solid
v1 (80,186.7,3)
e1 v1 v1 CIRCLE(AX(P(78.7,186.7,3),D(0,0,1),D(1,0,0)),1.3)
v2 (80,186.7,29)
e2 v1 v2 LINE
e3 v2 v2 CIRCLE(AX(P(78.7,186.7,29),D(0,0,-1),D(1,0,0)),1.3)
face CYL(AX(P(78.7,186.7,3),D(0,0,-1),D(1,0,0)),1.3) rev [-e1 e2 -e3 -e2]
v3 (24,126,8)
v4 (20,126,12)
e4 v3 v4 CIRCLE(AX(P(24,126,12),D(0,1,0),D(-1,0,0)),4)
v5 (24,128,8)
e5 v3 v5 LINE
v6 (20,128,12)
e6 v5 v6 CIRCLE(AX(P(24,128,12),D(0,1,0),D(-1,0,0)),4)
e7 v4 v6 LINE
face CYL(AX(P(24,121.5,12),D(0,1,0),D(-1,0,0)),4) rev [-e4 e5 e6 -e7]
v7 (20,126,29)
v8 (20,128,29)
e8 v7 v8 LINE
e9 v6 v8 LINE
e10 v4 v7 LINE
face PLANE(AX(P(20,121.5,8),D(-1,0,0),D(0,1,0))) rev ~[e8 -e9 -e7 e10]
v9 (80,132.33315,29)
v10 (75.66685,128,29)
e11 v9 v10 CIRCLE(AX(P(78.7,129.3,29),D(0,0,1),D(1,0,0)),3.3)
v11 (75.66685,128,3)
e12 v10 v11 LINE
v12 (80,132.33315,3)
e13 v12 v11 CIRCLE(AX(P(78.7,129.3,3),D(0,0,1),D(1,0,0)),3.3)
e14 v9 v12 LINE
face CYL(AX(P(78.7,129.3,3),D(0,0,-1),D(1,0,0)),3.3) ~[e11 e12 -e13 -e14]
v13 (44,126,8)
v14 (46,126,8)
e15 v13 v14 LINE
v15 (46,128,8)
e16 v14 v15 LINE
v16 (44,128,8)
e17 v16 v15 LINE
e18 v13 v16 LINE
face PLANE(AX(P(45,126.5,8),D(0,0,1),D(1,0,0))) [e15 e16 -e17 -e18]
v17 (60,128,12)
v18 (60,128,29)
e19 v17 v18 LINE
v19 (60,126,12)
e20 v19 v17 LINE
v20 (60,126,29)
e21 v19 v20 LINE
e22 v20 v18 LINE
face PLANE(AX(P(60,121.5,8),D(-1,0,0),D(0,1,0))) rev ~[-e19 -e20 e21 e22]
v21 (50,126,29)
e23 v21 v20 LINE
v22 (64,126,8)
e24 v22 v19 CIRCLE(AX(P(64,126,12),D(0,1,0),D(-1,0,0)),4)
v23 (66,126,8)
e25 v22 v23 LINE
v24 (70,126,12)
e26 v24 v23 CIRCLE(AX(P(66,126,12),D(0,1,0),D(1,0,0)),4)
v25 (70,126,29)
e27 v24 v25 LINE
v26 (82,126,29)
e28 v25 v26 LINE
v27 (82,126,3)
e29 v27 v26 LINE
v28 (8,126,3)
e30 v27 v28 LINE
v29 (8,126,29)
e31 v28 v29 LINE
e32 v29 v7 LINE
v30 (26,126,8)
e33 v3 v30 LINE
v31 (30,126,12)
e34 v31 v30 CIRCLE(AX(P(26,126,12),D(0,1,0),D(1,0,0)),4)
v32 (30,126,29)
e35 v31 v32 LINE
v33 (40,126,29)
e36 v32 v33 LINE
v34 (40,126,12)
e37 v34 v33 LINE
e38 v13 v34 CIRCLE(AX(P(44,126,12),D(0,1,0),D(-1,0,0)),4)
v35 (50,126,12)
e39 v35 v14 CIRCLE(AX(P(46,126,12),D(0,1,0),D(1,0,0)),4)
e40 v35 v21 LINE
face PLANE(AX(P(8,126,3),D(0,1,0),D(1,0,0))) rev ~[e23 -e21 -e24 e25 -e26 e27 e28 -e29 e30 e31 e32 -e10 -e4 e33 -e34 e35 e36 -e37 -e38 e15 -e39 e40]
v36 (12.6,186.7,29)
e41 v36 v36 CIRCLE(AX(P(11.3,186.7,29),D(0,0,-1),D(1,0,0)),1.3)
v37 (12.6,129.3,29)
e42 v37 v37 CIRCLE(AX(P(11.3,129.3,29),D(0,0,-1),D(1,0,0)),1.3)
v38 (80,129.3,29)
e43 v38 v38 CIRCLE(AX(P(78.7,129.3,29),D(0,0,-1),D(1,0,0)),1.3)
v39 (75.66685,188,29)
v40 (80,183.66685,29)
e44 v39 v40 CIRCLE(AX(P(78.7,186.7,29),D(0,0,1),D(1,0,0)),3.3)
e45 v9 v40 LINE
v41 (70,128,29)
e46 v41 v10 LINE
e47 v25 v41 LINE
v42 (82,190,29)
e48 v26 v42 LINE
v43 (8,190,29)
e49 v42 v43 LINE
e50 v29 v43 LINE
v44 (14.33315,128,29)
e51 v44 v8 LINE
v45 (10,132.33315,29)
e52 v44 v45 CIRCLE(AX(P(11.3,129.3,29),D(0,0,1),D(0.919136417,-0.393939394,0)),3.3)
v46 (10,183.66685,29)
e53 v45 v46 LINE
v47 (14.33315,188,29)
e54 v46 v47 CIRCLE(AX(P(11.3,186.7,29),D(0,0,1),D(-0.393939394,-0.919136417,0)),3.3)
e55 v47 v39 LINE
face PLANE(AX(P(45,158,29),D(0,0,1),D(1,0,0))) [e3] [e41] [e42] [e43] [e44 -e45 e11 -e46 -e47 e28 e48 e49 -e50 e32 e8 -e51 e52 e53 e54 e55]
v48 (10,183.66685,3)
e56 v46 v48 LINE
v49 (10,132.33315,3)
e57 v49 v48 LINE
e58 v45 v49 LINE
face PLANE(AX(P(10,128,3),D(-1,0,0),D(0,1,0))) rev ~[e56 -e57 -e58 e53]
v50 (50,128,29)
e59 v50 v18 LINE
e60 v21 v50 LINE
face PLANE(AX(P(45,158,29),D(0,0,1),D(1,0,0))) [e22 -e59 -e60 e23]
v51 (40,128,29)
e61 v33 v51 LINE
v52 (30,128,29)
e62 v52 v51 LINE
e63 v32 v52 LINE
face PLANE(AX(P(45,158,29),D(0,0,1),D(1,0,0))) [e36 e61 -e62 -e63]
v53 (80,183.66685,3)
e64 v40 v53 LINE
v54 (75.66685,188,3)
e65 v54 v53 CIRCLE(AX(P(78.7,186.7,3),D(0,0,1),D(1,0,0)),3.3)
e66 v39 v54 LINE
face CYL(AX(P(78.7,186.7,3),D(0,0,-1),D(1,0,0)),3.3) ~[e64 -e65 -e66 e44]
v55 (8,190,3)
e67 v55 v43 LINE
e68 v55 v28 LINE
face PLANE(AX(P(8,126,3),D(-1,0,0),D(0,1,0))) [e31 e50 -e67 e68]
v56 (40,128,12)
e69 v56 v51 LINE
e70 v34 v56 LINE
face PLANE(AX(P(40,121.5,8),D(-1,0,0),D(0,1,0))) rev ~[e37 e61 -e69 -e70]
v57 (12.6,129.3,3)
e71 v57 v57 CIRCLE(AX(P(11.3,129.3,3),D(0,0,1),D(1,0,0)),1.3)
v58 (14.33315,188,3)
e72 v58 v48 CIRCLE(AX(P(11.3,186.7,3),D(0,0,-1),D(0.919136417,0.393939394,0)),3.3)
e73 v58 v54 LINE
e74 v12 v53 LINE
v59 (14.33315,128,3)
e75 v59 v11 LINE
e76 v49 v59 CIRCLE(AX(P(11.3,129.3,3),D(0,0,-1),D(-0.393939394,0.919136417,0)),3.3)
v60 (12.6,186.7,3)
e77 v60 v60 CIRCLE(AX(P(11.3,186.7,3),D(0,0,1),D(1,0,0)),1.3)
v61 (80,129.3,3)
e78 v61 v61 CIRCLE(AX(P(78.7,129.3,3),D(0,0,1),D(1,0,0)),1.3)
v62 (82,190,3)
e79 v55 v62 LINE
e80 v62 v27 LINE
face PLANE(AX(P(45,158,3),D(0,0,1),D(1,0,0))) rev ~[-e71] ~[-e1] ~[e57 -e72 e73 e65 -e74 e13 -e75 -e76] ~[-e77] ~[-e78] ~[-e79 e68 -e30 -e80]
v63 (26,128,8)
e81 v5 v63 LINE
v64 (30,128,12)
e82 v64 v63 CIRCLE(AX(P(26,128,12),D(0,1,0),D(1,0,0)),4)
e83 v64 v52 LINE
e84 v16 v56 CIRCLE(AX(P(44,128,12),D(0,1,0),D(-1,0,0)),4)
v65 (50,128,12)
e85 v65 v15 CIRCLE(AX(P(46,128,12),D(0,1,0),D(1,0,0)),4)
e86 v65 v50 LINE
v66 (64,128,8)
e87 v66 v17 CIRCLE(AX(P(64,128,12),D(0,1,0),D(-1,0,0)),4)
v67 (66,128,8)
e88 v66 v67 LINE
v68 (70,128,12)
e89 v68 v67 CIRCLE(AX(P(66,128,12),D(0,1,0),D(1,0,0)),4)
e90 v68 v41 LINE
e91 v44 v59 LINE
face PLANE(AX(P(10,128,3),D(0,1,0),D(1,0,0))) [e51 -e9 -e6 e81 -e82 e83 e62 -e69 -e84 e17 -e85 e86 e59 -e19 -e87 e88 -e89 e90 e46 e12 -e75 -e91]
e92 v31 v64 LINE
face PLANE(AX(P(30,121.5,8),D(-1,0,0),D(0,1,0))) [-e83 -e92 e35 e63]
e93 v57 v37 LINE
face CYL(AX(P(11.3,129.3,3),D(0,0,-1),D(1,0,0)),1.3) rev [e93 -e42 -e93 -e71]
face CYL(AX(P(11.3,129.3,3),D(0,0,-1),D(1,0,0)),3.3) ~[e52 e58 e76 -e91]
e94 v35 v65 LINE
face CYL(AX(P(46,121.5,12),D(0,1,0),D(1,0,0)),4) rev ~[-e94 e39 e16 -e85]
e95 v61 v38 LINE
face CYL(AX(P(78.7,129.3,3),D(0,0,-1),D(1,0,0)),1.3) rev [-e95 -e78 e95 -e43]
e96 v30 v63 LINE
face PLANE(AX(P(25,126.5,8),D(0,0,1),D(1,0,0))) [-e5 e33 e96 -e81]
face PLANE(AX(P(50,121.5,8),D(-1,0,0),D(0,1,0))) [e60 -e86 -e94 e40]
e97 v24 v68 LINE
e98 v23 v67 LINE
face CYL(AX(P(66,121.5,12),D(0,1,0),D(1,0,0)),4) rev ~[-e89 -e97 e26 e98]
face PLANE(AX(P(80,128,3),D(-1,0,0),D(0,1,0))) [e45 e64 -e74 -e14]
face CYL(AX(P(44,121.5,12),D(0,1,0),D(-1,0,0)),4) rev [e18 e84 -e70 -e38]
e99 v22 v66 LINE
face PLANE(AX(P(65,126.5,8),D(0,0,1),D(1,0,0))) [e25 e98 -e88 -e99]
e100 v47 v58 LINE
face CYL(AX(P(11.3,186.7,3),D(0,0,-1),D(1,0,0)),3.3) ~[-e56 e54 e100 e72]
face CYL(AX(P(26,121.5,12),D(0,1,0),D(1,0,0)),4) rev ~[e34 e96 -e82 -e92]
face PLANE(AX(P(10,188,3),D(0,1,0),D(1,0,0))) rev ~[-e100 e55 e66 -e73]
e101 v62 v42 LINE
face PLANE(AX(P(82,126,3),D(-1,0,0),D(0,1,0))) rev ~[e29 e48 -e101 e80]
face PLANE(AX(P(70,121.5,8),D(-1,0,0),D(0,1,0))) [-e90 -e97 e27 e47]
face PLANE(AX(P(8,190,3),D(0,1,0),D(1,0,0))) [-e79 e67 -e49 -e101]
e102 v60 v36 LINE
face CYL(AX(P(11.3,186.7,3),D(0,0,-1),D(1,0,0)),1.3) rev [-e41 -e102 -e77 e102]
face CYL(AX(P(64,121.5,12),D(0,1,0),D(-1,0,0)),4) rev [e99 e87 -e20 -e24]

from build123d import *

# Parameters (mm, degrees)
BOX010_W          = 10
BOX010_H          = 10
BOX010_DEPTH      = 21
FILLET001_R       = 4
ARRAY008_X_COUNT  = 3
ARRAY008_X_PITCH  = 20
BOX008_W          = 70
BOX008_H          = 60
BOX008_DEPTH      = 26
BOX007_W          = 74
BOX007_H          = 64
BOX007_DEPTH      = 26
CYLINDER007_R     = 1.3
CYLINDER007_DEPTH = 26
CYLINDER006_R     = 3.3
CYLINDER006_DEPTH = 26
ARRAY004_X_COUNT  = 2
ARRAY004_X_PITCH  = 67.4
ARRAY004_Y_COUNT  = 2
ARRAY004_Y_PITCH  = 57.4


with BuildPart() as wall_hole_array:
    # Box010 → Box010 (new body)
    with BuildSketch(Plane(origin=(34.5, -4.5, 8), x_dir=(1, 0, 0), z_dir=(0, 0, 1))):
        with Locations((5, 5)):
            Rectangle(BOX010_W, BOX010_H)
    extrude(amount=BOX010_DEPTH)

    # Fillet001
    fillet001_edges = [wall_hole_array.edges().sort_by_distance(p)[0] for p in [
        (34.5, 0.5, 8),
        (44.5, 0.5, 8),
    ]]
    fillet(fillet001_edges, radius=FILLET001_R)

    # Array008 X: wall hole array ×3


with BuildPart() as wall_hole_array_1:
    add(wall_hole_array.part)
    with Locations(*[(i * ARRAY008_X_PITCH, 0, 0) for i in range(1, ARRAY008_X_COUNT)]):
        add(wall_hole_array.part)


with BuildPart() as wall_hole_array_2:
    # Array008 placement: moved
    add(wall_hole_array_1.part.moved(Location((-22.5, 0, 0))))


with BuildPart() as wall_inner_extraction:
    # Box008 → Box008 (new body)
    with BuildSketch(Plane(origin=(2, 2, 0), x_dir=(1, 0, 0), z_dir=(0, 0, 1))):
        with Locations((35, 30)):
            Rectangle(BOX008_W, BOX008_H)
    extrude(amount=BOX008_DEPTH)


with BuildPart() as wall_box_cut:
    # Box007 → Box007 (new body)
    with BuildSketch(Plane.XY):
        with Locations((37, 32)):
            Rectangle(BOX007_W, BOX007_H)
    extrude(amount=BOX007_DEPTH)

    # Cut004: cut wall inner extraction
    add(wall_inner_extraction.part, mode=Mode.SUBTRACT)


with BuildPart() as wall_box_hole:
    # Cylinder007 → Cylinder007 (new body)
    with BuildSketch(Plane.XY):
        Circle(CYLINDER007_R)
    extrude(amount=CYLINDER007_DEPTH)


with BuildPart() as wall_fusion_cut:
    # Cylinder006 → Cylinder006 (new body)
    with BuildSketch(Plane.XY):
        Circle(CYLINDER006_R)
    extrude(amount=CYLINDER006_DEPTH)

    # Cut005: cut wall box hole
    add(wall_box_hole.part, mode=Mode.SUBTRACT)


with BuildPart() as wall_fusion_cut_1:
    # Cut005 placement: moved
    add(wall_fusion_cut.part.moved(Location((3.3, 3.3, 0))))

    # Array004 X: wall fusion cut ×2


with BuildPart() as wall_fusion_cut_2:
    add(wall_fusion_cut_1.part)
    with Locations(*[(i * ARRAY004_X_PITCH, 0, 0) for i in range(1, ARRAY004_X_COUNT)]):
        add(wall_fusion_cut_1.part)

    # Array004 Y: wall fusion cut ×2


with BuildPart() as wall_fusion_cut_3:
    add(wall_fusion_cut_2.part)
    with Locations(*[(0, i * ARRAY004_Y_PITCH, 0) for i in range(1, ARRAY004_Y_COUNT)]):
        add(wall_fusion_cut_2.part)

    # Fusion003: union wall box cut
    add(wall_box_cut.part)


with BuildPart() as wall_fusion_cut_4:
    # Fusion003 placement: moved
    add(wall_fusion_cut_3.part.moved(Location((0, 0, 3))))

    # Cut007: cut wall hole array
    add(wall_hole_array_2.part, mode=Mode.SUBTRACT)


with BuildPart() as wall_fusion_cut_5:
    # Cut007 placement: moved
    add(wall_fusion_cut_4.part.moved(Location((8, 126, 0))))


solid = wall_fusion_cut_5.part
